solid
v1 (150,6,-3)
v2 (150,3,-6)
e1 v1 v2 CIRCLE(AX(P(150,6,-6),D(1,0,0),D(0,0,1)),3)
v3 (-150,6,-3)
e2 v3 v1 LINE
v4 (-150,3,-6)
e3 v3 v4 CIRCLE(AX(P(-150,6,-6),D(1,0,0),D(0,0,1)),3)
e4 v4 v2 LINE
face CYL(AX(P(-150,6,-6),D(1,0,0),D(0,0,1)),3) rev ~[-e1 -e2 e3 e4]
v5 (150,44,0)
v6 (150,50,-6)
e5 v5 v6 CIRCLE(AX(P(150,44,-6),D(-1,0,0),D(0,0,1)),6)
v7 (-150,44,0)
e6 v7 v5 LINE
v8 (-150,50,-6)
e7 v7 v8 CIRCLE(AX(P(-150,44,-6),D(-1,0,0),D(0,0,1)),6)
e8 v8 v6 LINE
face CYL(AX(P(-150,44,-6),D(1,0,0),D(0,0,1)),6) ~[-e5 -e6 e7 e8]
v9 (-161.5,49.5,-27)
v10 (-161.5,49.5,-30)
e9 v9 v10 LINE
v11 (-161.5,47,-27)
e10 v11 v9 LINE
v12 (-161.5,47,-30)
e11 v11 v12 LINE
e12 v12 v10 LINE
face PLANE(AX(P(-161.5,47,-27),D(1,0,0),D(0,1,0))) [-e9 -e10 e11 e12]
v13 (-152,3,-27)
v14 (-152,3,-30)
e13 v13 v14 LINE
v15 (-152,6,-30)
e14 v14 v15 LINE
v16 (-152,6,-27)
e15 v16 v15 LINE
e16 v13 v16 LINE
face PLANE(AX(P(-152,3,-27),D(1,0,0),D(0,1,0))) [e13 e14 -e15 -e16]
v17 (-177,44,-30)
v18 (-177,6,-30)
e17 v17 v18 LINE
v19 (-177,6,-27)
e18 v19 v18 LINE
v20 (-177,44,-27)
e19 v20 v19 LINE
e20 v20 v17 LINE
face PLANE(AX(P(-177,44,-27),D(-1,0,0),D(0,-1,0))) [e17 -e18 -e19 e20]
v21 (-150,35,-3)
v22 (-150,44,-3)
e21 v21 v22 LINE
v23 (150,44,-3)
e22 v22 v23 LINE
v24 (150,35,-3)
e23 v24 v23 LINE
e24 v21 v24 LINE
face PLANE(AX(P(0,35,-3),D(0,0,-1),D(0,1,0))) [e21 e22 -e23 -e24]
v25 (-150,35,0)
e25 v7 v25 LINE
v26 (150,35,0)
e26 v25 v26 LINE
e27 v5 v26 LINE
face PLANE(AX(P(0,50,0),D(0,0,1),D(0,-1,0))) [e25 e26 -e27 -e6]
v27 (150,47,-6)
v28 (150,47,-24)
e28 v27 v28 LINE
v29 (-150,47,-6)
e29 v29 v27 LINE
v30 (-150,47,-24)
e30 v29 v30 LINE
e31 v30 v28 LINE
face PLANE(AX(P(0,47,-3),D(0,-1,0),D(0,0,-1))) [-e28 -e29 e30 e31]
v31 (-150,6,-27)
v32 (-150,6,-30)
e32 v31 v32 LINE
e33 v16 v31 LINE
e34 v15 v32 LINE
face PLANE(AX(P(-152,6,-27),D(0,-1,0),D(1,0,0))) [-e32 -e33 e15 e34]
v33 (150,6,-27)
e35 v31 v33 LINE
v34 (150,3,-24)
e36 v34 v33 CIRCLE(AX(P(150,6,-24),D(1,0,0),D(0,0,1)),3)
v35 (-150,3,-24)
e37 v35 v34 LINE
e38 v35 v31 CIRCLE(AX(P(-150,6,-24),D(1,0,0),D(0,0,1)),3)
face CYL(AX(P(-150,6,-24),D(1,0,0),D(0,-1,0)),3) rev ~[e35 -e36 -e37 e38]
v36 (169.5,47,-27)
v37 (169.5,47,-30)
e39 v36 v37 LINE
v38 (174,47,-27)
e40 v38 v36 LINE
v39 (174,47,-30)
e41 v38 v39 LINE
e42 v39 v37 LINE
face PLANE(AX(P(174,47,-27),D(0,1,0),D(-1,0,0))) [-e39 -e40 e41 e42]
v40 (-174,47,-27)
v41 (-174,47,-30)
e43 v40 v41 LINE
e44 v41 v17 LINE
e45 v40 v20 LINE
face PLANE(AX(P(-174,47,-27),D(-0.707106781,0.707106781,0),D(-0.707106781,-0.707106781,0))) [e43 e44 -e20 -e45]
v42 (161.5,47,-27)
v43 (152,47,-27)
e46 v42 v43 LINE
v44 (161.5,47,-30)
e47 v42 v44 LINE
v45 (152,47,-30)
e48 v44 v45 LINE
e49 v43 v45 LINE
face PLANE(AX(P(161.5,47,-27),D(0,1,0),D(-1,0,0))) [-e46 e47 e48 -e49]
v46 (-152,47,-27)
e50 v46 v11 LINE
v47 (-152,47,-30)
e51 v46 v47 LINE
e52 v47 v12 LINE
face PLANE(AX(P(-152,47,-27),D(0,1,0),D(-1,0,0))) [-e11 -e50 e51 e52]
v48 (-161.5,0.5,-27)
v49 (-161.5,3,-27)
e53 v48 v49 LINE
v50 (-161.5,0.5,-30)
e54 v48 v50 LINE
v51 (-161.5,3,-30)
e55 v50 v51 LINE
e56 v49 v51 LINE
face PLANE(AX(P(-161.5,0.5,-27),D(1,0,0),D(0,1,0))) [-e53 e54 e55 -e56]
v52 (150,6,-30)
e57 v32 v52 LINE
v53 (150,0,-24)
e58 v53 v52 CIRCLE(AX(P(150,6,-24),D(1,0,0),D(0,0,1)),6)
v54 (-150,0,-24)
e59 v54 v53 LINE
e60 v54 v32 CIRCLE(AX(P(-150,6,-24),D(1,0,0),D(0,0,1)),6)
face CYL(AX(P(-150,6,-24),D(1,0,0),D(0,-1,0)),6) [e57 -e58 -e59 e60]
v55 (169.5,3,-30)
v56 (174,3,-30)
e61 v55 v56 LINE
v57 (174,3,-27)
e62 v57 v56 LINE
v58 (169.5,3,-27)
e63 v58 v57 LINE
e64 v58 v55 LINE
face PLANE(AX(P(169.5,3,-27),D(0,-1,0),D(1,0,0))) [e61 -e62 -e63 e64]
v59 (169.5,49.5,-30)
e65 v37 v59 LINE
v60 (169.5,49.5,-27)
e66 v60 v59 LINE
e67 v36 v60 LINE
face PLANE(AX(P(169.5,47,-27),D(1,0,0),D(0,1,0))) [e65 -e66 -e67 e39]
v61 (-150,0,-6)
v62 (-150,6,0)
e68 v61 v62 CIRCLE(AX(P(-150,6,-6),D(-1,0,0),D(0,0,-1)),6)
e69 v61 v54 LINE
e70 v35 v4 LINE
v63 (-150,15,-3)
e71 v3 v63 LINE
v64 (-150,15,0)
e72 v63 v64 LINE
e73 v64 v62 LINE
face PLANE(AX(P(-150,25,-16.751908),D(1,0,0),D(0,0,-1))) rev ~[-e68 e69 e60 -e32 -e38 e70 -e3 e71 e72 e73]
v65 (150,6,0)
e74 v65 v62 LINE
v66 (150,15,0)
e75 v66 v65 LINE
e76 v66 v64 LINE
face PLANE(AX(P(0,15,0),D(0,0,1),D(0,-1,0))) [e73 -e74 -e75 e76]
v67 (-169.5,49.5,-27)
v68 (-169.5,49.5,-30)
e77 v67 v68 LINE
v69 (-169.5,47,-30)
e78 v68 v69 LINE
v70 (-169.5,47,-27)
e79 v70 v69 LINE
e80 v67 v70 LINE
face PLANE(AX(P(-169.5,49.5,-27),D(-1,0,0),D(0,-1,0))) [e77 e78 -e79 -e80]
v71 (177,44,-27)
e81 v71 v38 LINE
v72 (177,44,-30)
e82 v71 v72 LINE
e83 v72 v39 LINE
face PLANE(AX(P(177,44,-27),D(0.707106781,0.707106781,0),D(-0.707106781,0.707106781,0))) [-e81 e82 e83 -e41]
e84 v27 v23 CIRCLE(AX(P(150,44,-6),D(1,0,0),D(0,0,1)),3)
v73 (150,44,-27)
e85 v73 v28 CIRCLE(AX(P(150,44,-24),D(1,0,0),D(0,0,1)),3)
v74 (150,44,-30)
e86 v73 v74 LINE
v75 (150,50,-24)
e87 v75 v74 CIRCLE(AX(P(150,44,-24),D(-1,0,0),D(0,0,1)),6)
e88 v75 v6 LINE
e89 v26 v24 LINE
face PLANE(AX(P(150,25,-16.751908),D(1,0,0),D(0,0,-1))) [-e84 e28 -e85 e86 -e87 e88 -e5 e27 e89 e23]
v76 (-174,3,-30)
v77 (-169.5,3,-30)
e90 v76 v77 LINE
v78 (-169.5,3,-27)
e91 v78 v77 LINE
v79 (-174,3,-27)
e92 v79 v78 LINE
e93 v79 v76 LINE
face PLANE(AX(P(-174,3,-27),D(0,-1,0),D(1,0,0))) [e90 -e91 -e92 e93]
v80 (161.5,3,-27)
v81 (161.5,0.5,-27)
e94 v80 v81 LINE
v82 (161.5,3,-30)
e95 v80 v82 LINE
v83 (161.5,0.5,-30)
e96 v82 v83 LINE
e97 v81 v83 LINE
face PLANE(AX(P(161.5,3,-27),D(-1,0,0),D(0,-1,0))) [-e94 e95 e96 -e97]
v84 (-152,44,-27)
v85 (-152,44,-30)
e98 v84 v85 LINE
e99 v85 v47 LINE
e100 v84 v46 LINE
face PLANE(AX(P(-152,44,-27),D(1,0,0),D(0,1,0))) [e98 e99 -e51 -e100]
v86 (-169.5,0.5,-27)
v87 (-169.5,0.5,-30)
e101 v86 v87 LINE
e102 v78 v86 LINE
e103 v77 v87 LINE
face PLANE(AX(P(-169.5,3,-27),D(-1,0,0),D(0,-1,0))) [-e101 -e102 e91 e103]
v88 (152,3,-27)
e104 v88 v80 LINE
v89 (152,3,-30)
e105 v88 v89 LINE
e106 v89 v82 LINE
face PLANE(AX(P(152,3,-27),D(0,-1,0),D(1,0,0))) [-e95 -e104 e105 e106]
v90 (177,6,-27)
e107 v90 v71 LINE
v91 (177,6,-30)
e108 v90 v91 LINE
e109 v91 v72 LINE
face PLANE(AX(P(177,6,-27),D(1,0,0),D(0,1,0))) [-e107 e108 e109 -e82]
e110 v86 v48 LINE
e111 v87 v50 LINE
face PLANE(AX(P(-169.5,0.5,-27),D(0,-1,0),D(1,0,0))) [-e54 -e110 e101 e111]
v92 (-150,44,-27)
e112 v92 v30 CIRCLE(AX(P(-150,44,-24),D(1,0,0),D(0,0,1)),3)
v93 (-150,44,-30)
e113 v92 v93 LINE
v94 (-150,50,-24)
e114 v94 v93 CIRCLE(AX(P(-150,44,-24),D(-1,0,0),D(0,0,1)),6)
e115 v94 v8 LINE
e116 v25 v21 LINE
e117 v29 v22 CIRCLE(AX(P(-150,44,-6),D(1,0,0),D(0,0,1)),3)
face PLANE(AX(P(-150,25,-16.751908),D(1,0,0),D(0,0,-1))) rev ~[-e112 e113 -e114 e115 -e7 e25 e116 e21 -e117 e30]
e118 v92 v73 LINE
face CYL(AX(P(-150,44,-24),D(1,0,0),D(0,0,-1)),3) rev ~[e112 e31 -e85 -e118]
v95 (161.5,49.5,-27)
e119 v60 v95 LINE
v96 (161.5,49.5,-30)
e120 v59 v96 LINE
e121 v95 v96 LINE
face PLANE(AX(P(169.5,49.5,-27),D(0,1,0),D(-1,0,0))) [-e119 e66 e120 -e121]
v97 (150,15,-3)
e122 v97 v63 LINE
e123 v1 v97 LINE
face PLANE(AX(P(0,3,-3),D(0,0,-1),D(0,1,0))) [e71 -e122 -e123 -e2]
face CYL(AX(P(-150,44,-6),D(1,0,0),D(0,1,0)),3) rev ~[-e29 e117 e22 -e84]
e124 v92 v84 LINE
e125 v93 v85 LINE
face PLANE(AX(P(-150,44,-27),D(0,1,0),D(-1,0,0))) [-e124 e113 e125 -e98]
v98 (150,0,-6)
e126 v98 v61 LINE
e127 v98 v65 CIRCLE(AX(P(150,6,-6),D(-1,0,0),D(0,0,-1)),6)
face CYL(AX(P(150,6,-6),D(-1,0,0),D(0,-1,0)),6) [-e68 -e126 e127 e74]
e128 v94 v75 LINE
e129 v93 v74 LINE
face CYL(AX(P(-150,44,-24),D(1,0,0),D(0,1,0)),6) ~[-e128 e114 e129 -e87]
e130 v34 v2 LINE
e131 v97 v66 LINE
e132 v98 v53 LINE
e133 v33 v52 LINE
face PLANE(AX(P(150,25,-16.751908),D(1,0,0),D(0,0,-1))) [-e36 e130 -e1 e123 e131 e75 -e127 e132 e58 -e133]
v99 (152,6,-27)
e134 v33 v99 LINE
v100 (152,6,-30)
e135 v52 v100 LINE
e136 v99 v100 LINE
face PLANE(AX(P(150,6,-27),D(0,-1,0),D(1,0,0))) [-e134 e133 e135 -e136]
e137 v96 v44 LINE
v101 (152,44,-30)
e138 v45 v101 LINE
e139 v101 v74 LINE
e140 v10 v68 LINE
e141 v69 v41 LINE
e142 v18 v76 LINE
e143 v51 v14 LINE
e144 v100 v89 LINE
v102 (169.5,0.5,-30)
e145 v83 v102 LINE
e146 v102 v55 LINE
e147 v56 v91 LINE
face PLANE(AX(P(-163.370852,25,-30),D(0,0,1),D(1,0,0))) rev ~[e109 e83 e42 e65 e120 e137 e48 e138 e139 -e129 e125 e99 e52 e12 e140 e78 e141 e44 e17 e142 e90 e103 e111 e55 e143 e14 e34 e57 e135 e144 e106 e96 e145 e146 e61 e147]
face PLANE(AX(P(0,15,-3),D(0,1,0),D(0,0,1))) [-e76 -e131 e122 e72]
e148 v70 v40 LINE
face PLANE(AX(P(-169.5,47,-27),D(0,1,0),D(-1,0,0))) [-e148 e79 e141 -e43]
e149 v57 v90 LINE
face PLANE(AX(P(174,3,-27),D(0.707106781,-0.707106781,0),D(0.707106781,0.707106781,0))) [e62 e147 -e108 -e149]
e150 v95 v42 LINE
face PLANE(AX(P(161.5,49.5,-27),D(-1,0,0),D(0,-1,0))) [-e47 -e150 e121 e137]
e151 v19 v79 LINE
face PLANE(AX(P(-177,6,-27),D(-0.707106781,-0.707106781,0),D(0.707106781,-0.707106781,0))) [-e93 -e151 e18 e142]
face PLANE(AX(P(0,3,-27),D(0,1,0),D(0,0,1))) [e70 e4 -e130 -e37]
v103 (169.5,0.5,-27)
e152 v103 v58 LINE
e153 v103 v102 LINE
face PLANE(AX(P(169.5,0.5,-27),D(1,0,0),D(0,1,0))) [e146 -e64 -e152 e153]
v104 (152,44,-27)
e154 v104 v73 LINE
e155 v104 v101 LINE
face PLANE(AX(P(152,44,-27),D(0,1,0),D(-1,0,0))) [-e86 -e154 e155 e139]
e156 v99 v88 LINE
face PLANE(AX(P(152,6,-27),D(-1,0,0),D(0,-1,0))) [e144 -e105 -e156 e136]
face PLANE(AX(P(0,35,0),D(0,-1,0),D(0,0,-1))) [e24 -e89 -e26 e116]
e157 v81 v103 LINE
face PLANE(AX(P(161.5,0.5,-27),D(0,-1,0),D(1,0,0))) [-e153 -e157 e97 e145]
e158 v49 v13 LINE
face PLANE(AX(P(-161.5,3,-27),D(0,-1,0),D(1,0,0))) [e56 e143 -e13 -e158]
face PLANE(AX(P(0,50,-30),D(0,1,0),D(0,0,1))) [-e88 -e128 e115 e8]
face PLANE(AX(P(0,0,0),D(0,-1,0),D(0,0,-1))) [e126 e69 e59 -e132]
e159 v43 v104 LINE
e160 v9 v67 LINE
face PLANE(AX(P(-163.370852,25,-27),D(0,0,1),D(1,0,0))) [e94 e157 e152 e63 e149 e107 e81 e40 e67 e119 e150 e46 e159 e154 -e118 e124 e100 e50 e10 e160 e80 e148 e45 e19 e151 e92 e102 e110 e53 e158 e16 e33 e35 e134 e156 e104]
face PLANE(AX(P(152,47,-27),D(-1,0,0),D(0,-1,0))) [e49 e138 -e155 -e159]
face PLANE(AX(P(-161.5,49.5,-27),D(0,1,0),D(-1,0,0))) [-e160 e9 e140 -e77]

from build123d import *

# Parameters (mm, degrees)
BOSS_EXTRUDE1_DEPTH = 150
FILLET1_R           = 6
FILLET2_R           = 3
BOSS_EXTRUDE2_DEPTH = 3


with BuildPart() as part:
    # Sketch2 → Boss-Extrude1 (new body, symmetric)
    with BuildSketch(Plane(origin=(0, 0, 0), x_dir=(0, 0, -1), z_dir=(1, 0, 0))):
        Polygon((0, 0), (30, 0), (30, 50), (0, 50), (0, 35), (3, 35), (3, 47), (27, 47), (27, 3), (3, 3), (3, 15), (0, 15), align=None)
    extrude(amount=BOSS_EXTRUDE1_DEPTH, both=True)

    # Fillet1
    fillet1_edges = [part.edges().sort_by_distance(p)[0] for p in [
        (0, 50, 0),
        (0, 50, -30),
        (0, 0, -30),
        (0, 0, 0),
    ]]
    fillet(fillet1_edges, radius=FILLET1_R)

    # Fillet2
    fillet2_edges = [part.edges().sort_by_distance(p)[0] for p in [
        (0, 3, -3),
        (0, 3, -27),
        (0, 47, -27),
        (0, 47, -3),
    ]]
    fillet(fillet2_edges, radius=FILLET2_R)

    # Sketch3 → Boss-Extrude2 (add)
    with BuildSketch(Plane.XY.offset(-27)):
        Polygon((-150, 44), (-152, 44), (-152, 47), (-161.5, 47), (-161.5, 49.5), (-169.5, 49.5), (-169.5, 47), (-174, 47), (-177, 44), (-177, 6), (-174, 3), (-169.5, 3), (-169.5, 0.5), (-161.5, 0.5), (-161.5, 3), (-152, 3), (-152, 6), (-150, 6), align=None)
        Polygon((174, 3), (177, 6), (177, 44), (174, 47), (169.5, 47), (169.5, 49.5), (161.5, 49.5), (161.5, 47), (152, 47), (152, 44), (150, 44), (150, 6), (152, 6), (152, 3), (161.5, 3), (161.5, 0.5), (169.5, 0.5), (169.5, 3), align=None)
    extrude(amount=-BOSS_EXTRUDE2_DEPTH)


solid = part.part
